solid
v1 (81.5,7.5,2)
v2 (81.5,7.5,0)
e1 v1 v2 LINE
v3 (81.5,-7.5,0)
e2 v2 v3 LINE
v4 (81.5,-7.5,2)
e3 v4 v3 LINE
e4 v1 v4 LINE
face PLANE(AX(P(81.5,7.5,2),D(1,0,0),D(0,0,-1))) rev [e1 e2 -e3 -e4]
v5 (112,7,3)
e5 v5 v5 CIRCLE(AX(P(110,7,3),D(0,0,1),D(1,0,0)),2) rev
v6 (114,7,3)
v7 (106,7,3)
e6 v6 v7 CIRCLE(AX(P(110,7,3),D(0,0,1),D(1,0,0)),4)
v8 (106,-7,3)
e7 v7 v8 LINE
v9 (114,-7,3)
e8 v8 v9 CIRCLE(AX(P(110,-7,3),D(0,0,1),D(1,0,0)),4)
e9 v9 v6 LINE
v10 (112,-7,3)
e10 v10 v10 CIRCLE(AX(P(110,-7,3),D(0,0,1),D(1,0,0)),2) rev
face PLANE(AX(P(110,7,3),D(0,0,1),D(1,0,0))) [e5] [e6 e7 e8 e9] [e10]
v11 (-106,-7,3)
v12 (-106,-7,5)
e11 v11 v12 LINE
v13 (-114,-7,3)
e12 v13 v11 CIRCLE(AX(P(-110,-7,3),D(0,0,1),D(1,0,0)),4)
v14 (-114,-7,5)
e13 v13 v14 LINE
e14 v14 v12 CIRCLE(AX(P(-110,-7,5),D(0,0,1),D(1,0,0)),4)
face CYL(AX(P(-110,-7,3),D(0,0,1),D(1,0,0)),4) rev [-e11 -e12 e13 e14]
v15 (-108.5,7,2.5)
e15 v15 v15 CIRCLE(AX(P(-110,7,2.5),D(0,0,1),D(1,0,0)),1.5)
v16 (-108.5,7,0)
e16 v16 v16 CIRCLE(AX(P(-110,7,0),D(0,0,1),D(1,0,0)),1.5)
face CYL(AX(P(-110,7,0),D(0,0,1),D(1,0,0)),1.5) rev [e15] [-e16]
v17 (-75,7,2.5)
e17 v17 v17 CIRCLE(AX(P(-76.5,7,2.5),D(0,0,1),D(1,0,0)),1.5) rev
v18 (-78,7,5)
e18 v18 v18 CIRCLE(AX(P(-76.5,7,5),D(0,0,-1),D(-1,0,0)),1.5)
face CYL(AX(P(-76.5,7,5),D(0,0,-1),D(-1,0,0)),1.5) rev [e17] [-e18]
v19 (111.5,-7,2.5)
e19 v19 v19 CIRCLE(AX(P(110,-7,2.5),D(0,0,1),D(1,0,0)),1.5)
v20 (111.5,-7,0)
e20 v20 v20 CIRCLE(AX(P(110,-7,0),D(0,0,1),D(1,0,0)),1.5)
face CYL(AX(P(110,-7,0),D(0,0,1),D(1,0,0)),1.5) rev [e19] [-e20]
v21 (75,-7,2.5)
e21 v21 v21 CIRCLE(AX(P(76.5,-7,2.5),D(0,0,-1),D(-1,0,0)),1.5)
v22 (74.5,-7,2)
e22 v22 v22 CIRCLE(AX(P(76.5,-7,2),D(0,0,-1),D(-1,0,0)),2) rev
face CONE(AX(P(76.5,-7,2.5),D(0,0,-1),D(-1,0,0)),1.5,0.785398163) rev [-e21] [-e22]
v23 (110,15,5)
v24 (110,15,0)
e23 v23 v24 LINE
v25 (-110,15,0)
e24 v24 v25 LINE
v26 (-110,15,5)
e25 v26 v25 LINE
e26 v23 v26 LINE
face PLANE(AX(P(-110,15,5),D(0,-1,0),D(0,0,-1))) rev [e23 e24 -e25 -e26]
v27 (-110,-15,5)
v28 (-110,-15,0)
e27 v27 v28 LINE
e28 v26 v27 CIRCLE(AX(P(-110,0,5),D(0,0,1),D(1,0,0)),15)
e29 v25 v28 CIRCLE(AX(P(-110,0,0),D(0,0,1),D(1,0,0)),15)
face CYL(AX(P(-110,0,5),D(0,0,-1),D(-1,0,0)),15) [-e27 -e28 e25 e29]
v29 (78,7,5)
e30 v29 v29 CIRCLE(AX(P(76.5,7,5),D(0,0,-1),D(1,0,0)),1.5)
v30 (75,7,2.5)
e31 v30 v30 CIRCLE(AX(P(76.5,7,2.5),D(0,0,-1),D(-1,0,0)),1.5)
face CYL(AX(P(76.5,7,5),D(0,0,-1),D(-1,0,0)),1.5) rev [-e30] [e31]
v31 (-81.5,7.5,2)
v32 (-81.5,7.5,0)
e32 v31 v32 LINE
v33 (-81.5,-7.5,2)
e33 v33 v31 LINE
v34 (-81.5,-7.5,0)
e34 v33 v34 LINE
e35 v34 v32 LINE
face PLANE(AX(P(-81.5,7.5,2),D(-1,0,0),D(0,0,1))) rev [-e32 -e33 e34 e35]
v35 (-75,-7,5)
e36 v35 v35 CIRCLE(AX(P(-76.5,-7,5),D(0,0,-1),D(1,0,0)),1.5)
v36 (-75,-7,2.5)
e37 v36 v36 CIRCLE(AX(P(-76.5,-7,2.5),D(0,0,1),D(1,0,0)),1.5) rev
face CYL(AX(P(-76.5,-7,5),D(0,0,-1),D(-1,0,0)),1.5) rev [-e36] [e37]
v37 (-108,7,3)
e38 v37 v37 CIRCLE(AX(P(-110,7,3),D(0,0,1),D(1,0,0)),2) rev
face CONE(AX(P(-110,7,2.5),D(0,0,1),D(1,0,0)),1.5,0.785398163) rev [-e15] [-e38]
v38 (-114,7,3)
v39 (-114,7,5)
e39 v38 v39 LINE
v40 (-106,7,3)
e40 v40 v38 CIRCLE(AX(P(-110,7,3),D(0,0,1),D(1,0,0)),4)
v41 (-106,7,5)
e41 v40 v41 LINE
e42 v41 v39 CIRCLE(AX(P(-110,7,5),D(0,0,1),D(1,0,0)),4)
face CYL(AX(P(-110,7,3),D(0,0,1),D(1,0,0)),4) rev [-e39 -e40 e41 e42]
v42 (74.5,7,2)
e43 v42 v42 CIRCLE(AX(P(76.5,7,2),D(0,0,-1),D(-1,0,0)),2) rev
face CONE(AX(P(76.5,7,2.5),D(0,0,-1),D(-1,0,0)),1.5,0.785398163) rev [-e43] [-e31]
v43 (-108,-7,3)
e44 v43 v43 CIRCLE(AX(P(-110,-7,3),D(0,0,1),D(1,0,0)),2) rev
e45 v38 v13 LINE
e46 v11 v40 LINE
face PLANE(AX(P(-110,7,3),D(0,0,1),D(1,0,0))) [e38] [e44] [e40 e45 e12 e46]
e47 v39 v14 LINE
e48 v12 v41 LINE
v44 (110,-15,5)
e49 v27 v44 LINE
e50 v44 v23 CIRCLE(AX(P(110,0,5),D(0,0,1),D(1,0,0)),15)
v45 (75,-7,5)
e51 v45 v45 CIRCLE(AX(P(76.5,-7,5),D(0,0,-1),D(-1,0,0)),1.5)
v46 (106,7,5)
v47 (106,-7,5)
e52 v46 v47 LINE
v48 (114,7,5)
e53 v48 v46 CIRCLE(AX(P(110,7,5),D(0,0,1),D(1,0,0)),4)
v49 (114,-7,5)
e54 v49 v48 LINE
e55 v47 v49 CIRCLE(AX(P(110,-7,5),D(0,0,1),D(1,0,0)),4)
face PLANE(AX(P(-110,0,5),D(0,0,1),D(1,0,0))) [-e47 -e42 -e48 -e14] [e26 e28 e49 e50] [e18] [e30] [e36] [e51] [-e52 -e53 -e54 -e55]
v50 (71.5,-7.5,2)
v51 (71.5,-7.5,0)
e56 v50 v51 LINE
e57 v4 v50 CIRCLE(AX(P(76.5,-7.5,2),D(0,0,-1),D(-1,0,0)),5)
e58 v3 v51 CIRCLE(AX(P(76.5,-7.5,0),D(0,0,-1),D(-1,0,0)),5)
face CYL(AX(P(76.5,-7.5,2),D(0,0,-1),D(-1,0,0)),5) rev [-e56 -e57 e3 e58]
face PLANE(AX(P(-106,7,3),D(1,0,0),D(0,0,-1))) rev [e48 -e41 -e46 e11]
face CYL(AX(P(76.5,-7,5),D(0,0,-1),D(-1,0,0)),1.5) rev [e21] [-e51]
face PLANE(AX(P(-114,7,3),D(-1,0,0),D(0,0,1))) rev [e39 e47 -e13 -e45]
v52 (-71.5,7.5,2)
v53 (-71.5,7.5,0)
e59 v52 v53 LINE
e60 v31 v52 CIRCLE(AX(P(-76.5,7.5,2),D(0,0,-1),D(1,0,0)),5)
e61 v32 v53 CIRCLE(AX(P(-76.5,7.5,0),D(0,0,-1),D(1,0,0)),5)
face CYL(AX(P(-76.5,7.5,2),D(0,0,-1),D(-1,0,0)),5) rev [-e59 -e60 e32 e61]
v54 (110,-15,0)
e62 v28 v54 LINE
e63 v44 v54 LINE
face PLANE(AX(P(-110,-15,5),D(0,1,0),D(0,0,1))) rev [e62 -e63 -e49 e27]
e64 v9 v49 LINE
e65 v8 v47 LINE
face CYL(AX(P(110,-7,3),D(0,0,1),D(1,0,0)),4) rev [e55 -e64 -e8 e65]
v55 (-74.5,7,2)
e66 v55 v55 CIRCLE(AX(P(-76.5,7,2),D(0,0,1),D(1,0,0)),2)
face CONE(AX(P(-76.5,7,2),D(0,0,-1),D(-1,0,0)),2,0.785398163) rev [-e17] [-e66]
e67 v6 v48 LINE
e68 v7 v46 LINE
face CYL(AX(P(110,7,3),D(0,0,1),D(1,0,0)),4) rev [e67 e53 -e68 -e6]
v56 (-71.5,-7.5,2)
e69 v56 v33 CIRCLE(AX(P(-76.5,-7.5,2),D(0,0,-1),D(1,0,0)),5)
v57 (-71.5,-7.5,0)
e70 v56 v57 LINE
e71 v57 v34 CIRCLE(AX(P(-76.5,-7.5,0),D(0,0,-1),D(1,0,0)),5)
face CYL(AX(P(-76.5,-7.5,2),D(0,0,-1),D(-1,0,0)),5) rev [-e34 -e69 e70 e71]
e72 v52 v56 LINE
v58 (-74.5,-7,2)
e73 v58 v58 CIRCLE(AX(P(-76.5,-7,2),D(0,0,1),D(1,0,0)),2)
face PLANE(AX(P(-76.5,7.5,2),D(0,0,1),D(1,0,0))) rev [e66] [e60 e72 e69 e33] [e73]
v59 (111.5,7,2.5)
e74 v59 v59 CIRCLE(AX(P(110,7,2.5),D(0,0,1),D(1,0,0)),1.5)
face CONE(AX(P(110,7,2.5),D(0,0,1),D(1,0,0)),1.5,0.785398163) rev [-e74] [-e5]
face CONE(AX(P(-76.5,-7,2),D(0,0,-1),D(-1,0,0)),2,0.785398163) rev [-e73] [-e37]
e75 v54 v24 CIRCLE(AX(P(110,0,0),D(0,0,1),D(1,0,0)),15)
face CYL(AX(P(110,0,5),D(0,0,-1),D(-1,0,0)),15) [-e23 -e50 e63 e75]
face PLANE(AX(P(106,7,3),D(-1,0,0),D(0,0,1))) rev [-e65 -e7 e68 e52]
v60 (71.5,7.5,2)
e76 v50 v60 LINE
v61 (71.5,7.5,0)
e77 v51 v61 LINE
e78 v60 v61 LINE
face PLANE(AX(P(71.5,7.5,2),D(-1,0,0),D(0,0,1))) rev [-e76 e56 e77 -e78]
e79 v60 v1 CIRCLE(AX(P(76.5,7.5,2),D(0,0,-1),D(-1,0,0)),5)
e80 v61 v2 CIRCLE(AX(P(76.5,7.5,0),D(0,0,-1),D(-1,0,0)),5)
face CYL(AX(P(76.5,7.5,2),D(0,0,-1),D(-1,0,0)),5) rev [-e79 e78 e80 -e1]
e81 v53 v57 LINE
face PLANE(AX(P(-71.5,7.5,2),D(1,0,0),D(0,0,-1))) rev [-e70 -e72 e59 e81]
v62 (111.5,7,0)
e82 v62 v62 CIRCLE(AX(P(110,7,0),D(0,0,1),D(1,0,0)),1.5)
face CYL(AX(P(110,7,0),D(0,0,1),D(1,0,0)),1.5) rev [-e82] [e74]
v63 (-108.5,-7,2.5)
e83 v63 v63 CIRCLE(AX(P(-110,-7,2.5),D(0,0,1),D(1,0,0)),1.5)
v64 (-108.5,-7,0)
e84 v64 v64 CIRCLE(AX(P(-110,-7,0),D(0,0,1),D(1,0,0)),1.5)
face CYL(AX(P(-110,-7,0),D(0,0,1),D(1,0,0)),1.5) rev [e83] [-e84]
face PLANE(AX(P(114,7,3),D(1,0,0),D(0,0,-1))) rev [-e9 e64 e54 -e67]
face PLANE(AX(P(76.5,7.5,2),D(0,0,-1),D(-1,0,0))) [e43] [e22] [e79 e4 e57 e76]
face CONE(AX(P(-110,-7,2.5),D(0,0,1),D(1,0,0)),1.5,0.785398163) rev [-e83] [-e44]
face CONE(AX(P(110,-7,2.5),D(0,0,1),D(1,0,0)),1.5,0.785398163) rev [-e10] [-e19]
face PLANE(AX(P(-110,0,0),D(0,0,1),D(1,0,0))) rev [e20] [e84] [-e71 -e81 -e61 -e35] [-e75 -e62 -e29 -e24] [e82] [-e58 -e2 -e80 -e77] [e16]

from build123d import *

# Parameters (mm, degrees)
EXTRUDE_1_DEPTH          = 5
CUT_EXTRUDE_1_DEPTH      = 2
CUT_EXTRUDE_2_DEPTH      = 2
CUT_EXTRUDE_4_DEPTH      = 126.932521614
CUT_EXTRUDE_4_DEPTH_BACK = 126.932521614
SKETCH_6_R               = 1.5
SKETCH_7_R               = 1.5
CUT_EXTRUDE_5_DEPTH      = 126.932521614
CHAMFER_1_SIZE           = 0.5
CHAMFER_2_SIZE           = 0.5


with BuildPart() as part:
    # 草图1 → 凸台-拉伸1 (new body)
    with BuildSketch(Plane.XY):
        with BuildLine():
            Line((-110, 15), (110, 15))
            ThreePointArc((110, 15), (125, 0), (110, -15))
            Line((110, -15), (-110, -15))
            ThreePointArc((-110, -15), (-125, 0), (-110, 15))
        make_face()
    extrude(amount=EXTRUDE_1_DEPTH)

    # 草图2 → 切除-拉伸1 (cut)
    with BuildSketch(Plane.XY.offset(5)):
        with BuildLine():
            Line((114, 7), (114, -7))
            ThreePointArc((114, -7), (110, -11), (106, -7))
            Line((106, -7), (106, 7))
            ThreePointArc((106, 7), (110, 11), (114, 7))
        make_face()
        with BuildLine():
            Line((-106, 7), (-106, -7))
            ThreePointArc((-106, -7), (-110, -11), (-114, -7))
            Line((-114, -7), (-114, 7))
            ThreePointArc((-114, 7), (-110, 11), (-106, 7))
        make_face()
    extrude(amount=-CUT_EXTRUDE_1_DEPTH, mode=Mode.SUBTRACT)

    # 草图4 → 切除-拉伸2 (cut)
    with BuildSketch(Plane(origin=(0, 0, 0), x_dir=(-1, 0, 0), z_dir=(0, 0, -1))):
        with BuildLine():
            Line((-71.5, 7.5), (-71.5, -7.5))
            ThreePointArc((-71.5, -7.5), (-76.5, -12.5), (-81.5, -7.5))
            Line((-81.5, -7.5), (-81.5, 7.5))
            ThreePointArc((-81.5, 7.5), (-76.5, 12.5), (-71.5, 7.5))
        make_face()
        with BuildLine():
            Line((71.5, 7.5), (71.5, -7.5))
            ThreePointArc((71.5, -7.5), (76.5, -12.5), (81.5, -7.5))
            Line((81.5, -7.5), (81.5, 7.5))
            ThreePointArc((81.5, 7.5), (76.5, 12.5), (71.5, 7.5))
        make_face()
    extrude(amount=-CUT_EXTRUDE_2_DEPTH, mode=Mode.SUBTRACT)

    # 草图6 → 切除-拉伸4 (cut, two sides: drawn at the far end of the back side and taken through both)
    with BuildSketch(Plane(origin=(0, 0, 2), x_dir=(-1, 0, 0), z_dir=(0, 0, -1)).offset(-CUT_EXTRUDE_4_DEPTH_BACK)):
        with Locations((76.5, 7)):
            Circle(SKETCH_6_R)
        with Locations(Location((76.5, -7, 0), (0, 0, 180))):
            Circle(SKETCH_6_R)
        with Locations((-76.5, 7)):
            Circle(SKETCH_6_R)
        with Locations((-76.5, -7)):
            Circle(SKETCH_6_R)
    extrude(amount=CUT_EXTRUDE_4_DEPTH + CUT_EXTRUDE_4_DEPTH_BACK, mode=Mode.SUBTRACT)

    # 草图7 → 切除-拉伸5 (cut, through all)
    with BuildSketch(Plane.XY.offset(3)):
        with Locations((110, 7)):
            Circle(SKETCH_7_R)
        with Locations((110, -7)):
            Circle(SKETCH_7_R)
        with Locations((-110, 7)):
            Circle(SKETCH_7_R)
        with Locations((-110, -7)):
            Circle(SKETCH_7_R)
    extrude(amount=-CUT_EXTRUDE_5_DEPTH, mode=Mode.SUBTRACT)

    # 倒角1
    chamfer_1_edges = [part.edges().sort_by_distance(p)[0] for p in [
        (108.5, -7, 3),
        (-111.5, 7, 3),
        (-111.5, -7, 3),
        (108.5, 7, 3),
    ]]
    chamfer(chamfer_1_edges, length=CHAMFER_1_SIZE)

    # 倒角2
    chamfer_2_edges = [part.edges().sort_by_distance(p)[0] for p in [
        (-78, -7, 2),
        (78, 7, 2),
        (78, -7, 2),
        (-75, 7, 2),
    ]]
    chamfer(chamfer_2_edges, length=CHAMFER_2_SIZE)


solid = part.part
